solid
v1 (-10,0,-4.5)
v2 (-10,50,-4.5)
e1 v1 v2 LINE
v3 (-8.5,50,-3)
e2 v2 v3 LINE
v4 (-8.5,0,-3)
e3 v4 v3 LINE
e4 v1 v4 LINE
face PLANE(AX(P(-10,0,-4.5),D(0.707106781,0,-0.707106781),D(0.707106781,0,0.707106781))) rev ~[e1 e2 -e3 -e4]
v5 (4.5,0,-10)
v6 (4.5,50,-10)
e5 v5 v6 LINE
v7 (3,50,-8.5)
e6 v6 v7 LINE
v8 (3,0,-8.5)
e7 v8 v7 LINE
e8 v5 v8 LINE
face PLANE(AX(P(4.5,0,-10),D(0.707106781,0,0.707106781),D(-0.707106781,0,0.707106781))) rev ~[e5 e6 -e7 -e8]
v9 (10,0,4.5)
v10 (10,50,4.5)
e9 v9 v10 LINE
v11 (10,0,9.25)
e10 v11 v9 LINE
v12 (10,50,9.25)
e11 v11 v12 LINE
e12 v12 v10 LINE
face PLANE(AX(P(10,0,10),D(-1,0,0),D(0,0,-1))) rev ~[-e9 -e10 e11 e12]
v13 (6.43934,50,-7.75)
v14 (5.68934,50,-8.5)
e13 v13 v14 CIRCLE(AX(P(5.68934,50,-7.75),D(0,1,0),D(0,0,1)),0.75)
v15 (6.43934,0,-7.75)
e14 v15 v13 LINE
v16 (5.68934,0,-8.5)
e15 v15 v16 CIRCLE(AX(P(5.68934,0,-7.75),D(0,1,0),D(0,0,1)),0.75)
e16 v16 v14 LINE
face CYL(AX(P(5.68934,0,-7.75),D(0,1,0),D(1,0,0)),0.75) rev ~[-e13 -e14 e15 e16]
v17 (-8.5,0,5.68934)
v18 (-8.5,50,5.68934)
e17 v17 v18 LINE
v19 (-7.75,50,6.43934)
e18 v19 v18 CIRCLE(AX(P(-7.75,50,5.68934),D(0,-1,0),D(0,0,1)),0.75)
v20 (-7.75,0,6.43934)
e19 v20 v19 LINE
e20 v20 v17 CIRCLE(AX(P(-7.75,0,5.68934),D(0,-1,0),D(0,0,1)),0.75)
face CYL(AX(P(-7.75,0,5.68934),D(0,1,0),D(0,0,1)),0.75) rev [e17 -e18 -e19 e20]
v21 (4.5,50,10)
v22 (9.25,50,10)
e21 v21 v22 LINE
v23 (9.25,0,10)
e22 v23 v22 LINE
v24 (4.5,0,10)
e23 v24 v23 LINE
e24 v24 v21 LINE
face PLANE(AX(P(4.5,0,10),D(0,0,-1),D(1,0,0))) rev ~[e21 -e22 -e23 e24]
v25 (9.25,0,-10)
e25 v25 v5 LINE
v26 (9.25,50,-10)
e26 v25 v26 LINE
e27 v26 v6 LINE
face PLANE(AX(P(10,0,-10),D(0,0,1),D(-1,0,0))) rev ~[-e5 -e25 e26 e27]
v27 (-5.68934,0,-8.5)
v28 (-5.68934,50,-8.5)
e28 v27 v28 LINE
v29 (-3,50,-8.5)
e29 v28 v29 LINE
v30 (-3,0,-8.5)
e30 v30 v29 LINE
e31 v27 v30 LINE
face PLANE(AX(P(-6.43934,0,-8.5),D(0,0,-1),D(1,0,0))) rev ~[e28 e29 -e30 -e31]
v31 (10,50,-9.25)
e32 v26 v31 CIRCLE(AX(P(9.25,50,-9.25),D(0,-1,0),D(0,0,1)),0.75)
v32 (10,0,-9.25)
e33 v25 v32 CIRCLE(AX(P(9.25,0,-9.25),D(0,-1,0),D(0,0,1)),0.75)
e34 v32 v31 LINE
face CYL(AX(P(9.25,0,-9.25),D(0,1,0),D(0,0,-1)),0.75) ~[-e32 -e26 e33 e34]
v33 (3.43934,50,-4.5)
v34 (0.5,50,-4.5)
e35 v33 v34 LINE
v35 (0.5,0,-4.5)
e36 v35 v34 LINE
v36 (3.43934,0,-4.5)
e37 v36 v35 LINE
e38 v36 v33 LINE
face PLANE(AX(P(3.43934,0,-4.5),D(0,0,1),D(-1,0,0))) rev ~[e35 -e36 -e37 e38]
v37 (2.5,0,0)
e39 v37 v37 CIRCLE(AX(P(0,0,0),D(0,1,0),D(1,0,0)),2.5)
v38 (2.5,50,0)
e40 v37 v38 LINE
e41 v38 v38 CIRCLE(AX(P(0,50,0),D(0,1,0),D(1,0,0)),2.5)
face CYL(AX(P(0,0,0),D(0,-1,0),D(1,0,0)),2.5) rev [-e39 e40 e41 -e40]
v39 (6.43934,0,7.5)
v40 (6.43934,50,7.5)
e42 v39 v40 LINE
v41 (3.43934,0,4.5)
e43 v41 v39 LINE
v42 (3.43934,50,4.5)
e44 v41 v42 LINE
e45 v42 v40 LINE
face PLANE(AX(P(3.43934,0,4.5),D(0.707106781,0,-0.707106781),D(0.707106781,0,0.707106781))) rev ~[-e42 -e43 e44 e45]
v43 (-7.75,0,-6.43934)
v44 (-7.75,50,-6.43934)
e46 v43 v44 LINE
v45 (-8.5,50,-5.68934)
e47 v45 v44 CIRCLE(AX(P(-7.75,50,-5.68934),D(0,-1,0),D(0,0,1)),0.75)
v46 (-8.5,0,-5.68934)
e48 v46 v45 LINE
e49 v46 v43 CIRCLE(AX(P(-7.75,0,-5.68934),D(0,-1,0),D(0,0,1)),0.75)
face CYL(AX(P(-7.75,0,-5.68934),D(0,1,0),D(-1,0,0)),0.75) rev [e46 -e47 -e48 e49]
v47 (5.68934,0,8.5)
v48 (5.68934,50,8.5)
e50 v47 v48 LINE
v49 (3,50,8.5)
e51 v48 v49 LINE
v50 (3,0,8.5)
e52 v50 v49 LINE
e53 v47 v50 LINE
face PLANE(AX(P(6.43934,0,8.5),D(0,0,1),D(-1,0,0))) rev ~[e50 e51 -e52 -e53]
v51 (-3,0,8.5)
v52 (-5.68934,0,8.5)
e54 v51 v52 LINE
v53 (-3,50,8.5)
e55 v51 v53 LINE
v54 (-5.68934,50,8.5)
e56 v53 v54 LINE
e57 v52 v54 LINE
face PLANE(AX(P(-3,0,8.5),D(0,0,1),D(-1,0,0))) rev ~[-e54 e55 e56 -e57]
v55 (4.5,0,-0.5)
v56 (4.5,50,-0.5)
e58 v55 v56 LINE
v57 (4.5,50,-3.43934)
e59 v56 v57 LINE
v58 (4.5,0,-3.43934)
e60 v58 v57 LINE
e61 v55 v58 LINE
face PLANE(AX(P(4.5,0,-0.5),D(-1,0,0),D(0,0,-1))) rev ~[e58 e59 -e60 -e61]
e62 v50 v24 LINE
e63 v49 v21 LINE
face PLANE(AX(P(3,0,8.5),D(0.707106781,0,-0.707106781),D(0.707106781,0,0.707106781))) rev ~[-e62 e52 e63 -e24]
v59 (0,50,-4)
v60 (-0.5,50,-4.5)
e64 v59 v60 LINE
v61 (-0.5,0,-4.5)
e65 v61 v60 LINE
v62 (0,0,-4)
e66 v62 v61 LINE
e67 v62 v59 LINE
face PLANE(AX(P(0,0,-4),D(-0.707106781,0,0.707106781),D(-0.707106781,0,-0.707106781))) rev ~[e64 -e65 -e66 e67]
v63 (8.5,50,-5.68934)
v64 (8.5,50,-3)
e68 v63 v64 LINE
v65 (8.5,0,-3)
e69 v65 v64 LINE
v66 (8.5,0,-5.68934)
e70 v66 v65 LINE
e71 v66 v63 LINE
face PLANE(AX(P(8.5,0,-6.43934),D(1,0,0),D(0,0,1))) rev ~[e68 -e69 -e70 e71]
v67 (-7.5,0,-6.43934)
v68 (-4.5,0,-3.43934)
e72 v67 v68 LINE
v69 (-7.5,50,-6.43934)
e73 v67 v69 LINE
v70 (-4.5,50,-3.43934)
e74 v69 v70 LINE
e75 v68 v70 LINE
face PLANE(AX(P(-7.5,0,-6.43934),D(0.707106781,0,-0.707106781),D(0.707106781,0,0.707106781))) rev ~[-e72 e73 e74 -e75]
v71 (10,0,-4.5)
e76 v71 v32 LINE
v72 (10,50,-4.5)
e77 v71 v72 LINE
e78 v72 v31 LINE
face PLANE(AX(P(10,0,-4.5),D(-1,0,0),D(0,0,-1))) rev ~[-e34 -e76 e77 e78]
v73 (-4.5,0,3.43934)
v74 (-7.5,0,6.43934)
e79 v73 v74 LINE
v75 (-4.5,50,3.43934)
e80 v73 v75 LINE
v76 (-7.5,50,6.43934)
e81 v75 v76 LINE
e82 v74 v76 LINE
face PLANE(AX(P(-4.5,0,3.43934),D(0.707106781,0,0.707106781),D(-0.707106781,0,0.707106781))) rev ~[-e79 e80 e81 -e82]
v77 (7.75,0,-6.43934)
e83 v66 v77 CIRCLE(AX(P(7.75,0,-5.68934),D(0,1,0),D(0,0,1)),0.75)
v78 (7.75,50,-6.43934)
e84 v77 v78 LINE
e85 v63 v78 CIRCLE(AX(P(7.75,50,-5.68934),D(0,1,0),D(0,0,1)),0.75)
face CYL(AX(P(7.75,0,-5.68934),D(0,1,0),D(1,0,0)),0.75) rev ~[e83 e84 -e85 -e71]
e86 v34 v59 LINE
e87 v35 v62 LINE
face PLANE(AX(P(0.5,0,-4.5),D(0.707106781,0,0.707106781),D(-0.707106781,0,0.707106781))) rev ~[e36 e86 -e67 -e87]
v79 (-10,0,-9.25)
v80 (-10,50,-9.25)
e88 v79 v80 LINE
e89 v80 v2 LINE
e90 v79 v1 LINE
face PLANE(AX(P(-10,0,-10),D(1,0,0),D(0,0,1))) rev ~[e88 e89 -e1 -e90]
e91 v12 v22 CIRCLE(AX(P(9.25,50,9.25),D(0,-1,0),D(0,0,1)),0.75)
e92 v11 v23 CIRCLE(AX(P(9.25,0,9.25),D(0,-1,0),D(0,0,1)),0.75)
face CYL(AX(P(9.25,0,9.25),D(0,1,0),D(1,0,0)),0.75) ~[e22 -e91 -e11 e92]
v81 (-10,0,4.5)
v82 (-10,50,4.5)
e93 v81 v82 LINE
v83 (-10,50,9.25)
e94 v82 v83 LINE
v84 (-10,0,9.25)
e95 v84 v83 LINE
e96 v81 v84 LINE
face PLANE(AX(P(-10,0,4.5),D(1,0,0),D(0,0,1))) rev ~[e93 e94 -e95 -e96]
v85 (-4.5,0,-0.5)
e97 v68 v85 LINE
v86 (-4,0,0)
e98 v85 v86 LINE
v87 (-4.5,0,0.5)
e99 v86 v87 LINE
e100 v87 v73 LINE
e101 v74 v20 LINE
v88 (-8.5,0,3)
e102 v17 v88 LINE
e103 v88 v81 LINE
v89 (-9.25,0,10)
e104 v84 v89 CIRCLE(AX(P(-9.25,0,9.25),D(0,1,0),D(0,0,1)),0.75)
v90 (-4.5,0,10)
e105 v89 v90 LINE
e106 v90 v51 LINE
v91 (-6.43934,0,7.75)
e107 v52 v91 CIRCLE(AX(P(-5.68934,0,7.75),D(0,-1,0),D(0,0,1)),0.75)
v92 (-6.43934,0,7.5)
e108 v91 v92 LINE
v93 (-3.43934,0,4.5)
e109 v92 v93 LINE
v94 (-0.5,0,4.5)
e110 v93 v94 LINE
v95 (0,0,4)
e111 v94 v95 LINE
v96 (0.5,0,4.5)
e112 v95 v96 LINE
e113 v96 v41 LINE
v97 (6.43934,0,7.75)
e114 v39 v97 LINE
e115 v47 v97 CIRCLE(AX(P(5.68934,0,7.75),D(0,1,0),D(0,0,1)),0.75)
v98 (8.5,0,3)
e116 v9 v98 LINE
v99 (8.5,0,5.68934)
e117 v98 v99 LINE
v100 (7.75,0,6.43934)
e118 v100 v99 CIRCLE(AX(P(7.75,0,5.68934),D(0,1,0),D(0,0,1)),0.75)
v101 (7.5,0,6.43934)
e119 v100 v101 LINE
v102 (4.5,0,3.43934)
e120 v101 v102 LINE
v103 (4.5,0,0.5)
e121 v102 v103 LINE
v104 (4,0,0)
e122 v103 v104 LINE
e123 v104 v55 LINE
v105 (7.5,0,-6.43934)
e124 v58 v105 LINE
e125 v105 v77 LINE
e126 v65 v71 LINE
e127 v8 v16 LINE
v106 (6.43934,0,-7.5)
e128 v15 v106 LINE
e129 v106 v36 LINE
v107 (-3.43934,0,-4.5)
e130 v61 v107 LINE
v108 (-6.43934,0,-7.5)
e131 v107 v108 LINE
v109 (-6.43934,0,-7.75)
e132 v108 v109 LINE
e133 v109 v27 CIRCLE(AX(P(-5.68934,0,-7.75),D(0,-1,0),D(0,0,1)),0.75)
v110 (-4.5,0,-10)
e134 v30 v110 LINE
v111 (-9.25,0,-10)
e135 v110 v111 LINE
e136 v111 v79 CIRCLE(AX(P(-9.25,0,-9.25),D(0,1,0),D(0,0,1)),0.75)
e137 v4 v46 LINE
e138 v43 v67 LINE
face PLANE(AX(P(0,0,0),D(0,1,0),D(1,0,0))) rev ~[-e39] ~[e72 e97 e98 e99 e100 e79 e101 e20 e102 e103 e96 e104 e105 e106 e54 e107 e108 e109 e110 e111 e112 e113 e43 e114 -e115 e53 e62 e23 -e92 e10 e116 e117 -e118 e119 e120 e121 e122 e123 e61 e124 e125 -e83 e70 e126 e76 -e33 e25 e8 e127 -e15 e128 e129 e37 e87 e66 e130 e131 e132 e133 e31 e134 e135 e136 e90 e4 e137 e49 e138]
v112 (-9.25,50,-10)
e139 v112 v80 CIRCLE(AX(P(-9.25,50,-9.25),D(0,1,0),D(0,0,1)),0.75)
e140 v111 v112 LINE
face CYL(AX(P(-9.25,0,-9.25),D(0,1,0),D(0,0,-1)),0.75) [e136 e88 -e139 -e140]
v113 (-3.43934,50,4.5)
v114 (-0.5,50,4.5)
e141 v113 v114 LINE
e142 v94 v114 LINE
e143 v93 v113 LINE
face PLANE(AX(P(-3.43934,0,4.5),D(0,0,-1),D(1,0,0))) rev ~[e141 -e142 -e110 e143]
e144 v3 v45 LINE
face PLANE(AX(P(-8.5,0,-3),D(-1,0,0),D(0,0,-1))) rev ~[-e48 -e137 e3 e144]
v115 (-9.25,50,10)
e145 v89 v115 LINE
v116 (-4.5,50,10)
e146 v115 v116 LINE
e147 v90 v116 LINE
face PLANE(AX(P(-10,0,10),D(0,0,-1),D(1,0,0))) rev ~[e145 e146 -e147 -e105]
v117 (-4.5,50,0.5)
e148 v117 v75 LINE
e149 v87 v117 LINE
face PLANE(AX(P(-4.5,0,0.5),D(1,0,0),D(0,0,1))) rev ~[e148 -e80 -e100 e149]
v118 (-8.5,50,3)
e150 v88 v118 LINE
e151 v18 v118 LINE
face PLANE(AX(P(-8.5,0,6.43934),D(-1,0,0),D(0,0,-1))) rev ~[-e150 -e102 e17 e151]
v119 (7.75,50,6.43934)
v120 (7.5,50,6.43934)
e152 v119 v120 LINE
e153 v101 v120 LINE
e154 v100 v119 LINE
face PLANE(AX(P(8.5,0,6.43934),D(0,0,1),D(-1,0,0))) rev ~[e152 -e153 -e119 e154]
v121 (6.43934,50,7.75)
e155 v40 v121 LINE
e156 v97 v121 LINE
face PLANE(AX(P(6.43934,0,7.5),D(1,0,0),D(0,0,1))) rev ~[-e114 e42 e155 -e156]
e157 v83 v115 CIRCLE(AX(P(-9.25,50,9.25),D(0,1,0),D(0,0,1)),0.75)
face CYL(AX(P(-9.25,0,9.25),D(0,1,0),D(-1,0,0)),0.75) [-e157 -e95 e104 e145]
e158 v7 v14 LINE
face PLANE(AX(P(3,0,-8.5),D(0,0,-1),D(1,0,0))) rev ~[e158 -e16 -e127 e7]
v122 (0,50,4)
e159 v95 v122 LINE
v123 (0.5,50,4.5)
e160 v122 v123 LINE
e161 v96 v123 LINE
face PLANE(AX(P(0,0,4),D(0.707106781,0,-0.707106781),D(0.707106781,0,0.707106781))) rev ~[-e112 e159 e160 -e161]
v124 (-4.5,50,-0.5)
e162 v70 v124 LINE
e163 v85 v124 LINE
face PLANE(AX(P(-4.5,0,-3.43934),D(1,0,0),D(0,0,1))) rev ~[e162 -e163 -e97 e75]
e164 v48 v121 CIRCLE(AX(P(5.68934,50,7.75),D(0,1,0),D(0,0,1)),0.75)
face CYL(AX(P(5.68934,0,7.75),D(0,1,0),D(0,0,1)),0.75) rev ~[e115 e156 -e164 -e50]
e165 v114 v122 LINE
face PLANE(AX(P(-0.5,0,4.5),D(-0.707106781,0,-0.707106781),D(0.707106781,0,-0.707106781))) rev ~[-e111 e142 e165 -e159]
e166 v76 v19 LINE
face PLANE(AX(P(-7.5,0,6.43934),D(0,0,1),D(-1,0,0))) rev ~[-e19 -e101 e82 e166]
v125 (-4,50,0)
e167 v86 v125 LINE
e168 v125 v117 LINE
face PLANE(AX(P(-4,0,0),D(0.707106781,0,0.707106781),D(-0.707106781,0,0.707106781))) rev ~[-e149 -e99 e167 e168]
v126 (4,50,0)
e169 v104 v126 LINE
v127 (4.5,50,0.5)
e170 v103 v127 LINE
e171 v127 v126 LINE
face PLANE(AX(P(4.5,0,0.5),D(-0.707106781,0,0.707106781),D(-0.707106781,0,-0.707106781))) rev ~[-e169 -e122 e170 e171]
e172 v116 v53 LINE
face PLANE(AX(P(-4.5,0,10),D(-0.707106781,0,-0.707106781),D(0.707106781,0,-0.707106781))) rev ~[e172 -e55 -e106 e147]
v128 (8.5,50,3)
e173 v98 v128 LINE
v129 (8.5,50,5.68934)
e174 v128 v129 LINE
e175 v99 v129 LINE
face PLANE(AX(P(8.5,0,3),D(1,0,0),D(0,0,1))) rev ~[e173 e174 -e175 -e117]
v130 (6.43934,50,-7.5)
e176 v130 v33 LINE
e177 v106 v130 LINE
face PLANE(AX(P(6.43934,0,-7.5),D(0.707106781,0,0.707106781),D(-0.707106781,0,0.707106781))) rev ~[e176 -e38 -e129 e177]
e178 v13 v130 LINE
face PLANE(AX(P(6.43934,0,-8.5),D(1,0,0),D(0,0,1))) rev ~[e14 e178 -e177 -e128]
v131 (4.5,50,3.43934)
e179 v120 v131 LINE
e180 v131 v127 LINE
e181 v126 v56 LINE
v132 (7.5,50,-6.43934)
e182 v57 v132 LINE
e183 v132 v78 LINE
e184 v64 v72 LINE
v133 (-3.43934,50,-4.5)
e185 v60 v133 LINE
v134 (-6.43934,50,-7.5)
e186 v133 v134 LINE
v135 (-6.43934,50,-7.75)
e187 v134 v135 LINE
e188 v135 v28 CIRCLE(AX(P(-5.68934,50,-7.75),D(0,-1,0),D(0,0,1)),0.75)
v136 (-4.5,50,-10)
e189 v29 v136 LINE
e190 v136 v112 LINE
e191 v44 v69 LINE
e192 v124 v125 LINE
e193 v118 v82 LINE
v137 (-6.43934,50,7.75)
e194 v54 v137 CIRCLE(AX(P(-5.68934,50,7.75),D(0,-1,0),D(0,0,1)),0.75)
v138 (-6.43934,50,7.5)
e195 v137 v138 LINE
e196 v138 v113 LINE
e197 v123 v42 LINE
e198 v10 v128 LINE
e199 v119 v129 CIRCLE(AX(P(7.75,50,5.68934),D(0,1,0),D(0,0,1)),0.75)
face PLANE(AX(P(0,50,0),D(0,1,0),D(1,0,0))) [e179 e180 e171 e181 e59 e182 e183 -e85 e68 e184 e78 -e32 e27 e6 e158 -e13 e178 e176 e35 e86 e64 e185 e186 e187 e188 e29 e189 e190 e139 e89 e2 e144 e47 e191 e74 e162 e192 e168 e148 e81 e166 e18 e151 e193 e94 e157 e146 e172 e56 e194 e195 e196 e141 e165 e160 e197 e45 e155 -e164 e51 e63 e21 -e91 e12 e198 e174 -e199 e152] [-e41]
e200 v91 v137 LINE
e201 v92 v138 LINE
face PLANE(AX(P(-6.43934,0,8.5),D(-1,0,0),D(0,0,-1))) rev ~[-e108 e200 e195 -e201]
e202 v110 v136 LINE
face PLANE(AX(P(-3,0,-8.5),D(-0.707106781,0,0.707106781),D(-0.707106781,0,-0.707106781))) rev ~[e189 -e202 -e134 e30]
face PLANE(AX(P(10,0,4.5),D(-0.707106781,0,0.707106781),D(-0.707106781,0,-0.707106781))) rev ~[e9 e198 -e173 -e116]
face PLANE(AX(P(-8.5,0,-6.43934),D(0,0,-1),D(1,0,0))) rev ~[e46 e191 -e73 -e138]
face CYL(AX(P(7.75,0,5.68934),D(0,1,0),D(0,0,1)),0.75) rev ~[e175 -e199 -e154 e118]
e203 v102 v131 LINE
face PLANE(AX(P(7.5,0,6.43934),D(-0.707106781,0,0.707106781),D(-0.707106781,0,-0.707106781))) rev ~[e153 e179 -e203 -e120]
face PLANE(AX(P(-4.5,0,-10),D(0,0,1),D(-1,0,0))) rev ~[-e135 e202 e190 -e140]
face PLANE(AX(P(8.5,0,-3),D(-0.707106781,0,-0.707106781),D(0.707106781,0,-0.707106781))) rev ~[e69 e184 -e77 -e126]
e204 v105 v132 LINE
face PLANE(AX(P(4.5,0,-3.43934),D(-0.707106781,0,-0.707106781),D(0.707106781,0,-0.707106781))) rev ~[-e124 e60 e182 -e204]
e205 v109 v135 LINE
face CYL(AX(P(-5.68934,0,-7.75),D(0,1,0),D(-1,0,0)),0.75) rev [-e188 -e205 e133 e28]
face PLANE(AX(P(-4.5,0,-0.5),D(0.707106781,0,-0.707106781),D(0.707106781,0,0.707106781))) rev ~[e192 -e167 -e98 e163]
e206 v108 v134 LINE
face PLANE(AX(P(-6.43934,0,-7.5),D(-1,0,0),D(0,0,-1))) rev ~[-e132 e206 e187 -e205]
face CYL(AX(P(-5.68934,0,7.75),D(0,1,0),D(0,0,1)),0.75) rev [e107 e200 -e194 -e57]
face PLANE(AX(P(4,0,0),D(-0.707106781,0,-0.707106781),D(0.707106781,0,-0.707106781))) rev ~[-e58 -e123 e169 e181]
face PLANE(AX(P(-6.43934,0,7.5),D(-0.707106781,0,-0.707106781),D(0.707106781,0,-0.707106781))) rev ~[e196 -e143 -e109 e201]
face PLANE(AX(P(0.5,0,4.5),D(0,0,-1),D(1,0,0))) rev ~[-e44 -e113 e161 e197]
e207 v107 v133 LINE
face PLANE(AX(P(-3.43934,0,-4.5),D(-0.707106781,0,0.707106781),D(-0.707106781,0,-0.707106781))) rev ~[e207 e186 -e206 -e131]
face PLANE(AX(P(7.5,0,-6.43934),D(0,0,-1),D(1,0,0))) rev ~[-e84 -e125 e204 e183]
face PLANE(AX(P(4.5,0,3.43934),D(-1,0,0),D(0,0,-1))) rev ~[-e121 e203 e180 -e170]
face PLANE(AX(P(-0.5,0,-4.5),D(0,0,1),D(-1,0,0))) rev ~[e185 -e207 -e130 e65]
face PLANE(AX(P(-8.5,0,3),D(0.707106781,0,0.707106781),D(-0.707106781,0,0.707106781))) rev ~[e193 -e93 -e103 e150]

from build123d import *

# Parameters (mm, degrees)
ESQUISSE1_R      = 2.5
EXTRUSION1_DEPTH = 50
CONG_1_R         = 0.75


with BuildPart() as part:
    # Esquisse1 → Extrusion1 (new body)
    with BuildSketch(Plane(origin=(0, 0, 0), x_dir=(1, 0, 0), z_dir=(0, 1, 0))):
        Polygon((0, 4), (-0.5, 4.5), (-3.439339828, 4.5), (-6.439339828, 7.5), (-6.439339828, 8.5), (-3, 8.5), (-4.5, 10), (-10, 10), (-10, 4.5), (-8.5, 3), (-8.5, 6.439339828), (-7.5, 6.439339828), (-4.5, 3.439339828), (-4.5, 0.5), (-4, 0), (-4.5, -0.5), (-4.5, -3.439339828), (-7.5, -6.439339828), (-8.5, -6.439339828), (-8.5, -3), (-10, -4.5), (-10, -10), (-4.5, -10), (-3, -8.5), (-6.439339828, -8.5), (-6.439339828, -7.5), (-3.439339828, -4.5), (-0.5, -4.5), (0, -4), (0.5, -4.5), (3.439339828, -4.5), (6.439339828, -7.5), (6.439339828, -8.5), (3, -8.5), (4.5, -10), (10, -10), (10, -4.5), (8.5, -3), (8.5, -6.439339828), (7.5, -6.439339828), (4.5, -3.439339828), (4.5, -0.5), (4, 0), (4.5, 0.5), (4.5, 3.439339828), (7.5, 6.439339828), (8.5, 6.439339828), (8.5, 3), (10, 4.5), (10, 10), (4.5, 10), (3, 8.5), (6.439339828, 8.5), (6.439339828, 7.5), (3.439339828, 4.5), (0.5, 4.5), align=None)
        Circle(ESQUISSE1_R, mode=Mode.SUBTRACT)
    extrude(amount=EXTRUSION1_DEPTH)

    # Congé1
    cong_1_edges = [part.edges().sort_by_distance(p)[0] for p in [
        (6.439339828, 25, -8.5),
        (10, 25, -10),
        (8.5, 25, -6.439339828),
        (8.5, 25, 6.439339828),
        (10, 25, 10),
        (6.439339828, 25, 8.5),
        (-6.439339828, 25, 8.5),
        (-10, 25, 10),
        (-8.5, 25, 6.439339828),
        (-8.5, 25, -6.439339828),
        (-10, 25, -10),
        (-6.439339828, 25, -8.5),
    ]]
    fillet(cong_1_edges, radius=CONG_1_R)


solid = part.part
